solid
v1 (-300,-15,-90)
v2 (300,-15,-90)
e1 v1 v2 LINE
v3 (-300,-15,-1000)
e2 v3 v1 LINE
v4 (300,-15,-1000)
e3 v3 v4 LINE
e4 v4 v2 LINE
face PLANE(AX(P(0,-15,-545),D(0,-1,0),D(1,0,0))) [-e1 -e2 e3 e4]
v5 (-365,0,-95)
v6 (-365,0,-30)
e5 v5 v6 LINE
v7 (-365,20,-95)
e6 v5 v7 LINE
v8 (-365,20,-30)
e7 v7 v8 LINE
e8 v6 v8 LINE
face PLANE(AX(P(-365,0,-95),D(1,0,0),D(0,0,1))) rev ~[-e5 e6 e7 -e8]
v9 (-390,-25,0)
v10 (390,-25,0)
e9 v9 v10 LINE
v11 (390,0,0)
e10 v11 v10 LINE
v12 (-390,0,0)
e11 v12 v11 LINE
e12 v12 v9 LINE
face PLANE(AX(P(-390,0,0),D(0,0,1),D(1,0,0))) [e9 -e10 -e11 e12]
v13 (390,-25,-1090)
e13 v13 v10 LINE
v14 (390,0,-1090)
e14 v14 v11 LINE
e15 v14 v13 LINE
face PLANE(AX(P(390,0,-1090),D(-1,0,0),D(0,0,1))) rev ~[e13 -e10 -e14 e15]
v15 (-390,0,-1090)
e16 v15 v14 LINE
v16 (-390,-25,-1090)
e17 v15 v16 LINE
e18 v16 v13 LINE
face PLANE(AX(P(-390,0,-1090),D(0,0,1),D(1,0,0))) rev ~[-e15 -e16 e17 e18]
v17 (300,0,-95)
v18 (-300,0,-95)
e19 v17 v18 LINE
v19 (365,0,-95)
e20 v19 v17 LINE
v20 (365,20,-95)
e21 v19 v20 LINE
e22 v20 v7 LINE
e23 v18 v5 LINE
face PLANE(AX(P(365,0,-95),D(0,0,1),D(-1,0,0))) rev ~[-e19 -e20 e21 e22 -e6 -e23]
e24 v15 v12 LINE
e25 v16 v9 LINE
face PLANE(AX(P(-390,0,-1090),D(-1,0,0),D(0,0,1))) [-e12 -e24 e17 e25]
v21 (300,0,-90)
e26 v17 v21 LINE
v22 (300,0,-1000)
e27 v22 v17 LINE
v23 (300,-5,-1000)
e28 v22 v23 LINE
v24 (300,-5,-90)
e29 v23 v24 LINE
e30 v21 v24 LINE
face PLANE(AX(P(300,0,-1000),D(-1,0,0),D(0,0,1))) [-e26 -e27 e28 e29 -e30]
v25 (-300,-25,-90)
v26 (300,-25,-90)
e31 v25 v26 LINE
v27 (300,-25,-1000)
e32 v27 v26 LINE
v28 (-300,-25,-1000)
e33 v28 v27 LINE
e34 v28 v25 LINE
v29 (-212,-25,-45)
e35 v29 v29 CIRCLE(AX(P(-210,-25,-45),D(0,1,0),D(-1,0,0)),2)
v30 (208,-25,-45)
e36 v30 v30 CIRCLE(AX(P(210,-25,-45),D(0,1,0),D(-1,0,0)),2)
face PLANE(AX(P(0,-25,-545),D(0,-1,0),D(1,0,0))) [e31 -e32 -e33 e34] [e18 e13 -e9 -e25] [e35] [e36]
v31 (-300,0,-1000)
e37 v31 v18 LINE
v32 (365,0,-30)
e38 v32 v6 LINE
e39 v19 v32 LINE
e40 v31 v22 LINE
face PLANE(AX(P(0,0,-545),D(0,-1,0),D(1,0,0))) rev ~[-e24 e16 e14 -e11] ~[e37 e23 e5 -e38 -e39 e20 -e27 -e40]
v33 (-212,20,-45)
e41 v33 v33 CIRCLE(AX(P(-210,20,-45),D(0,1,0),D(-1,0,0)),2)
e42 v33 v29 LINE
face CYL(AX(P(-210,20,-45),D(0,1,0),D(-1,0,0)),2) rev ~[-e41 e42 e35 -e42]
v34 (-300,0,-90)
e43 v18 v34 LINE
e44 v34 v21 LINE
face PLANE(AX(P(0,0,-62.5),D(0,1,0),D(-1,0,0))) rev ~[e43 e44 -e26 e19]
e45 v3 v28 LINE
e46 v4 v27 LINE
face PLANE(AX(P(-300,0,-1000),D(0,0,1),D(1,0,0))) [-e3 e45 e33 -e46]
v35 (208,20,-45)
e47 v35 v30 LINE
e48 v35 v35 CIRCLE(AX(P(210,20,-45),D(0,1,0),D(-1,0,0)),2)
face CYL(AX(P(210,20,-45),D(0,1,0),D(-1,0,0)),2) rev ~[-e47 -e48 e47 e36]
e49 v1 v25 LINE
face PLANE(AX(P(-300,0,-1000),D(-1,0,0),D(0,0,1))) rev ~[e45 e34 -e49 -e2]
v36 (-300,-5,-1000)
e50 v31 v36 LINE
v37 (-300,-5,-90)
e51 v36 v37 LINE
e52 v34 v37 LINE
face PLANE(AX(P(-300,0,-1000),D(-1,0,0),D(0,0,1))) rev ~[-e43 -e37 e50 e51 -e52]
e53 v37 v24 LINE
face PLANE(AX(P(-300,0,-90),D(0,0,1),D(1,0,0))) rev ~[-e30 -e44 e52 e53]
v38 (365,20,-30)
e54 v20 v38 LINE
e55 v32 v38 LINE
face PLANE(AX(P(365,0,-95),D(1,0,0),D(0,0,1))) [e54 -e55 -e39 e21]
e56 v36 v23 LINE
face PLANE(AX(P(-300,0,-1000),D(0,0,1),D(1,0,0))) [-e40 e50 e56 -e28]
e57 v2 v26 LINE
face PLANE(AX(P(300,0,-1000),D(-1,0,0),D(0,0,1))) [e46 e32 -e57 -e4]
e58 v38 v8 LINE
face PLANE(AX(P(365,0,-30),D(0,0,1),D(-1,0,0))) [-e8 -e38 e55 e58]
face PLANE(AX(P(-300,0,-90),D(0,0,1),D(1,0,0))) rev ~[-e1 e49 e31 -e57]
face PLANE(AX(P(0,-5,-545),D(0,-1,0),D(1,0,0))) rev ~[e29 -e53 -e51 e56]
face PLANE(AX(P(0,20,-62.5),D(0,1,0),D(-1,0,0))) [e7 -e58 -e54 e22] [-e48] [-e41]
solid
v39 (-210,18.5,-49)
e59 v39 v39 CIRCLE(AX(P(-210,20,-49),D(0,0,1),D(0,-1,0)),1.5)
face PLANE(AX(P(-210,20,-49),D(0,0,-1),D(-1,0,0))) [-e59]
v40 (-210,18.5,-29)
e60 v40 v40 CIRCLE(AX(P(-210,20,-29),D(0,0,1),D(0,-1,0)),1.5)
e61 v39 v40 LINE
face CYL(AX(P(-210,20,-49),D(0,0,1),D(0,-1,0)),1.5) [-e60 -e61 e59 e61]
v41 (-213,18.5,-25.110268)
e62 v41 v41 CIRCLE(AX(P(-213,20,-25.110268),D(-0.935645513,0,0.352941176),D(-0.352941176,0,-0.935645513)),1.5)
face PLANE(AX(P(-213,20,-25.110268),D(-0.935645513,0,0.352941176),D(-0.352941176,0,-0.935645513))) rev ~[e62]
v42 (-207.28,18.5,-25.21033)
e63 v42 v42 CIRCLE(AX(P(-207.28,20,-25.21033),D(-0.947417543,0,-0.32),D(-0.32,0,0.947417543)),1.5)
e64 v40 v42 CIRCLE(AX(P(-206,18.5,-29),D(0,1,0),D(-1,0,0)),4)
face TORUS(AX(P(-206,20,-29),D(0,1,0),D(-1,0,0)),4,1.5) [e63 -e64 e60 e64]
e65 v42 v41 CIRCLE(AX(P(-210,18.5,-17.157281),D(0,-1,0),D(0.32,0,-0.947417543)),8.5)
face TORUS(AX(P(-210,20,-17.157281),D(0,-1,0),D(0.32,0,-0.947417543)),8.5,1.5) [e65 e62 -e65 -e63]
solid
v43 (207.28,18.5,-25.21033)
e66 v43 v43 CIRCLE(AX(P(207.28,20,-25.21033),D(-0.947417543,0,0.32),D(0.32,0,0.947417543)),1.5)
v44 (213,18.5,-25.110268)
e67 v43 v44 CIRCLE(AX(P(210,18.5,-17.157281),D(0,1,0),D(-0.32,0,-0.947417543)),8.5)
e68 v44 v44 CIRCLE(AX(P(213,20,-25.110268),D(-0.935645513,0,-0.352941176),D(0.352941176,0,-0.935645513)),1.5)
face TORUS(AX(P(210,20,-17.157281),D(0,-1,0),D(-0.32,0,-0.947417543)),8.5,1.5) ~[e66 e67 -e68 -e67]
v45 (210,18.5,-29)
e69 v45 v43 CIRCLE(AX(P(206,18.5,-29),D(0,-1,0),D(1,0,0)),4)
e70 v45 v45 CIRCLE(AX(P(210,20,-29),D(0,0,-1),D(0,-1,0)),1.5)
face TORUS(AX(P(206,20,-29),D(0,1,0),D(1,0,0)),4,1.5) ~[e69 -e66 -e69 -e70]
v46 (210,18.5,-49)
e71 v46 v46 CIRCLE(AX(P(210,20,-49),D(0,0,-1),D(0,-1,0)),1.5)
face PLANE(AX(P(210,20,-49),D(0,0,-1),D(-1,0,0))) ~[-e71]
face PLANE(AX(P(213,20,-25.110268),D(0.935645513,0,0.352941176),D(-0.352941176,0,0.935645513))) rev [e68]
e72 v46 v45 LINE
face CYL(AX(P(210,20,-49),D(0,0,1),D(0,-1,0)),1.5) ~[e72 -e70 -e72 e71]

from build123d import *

# Parameters (mm, degrees)
F0_W     = 780
F0_H     = 1090
F0_W_2   = 600
F0_H_2   = 910
F1_DEPTH = 25
F3_W     = 600
F3_H     = 910
F4_DEPTH = 10
F5_W     = 730
F5_H     = 65
F6_DEPTH = 20
F7_R     = 2
F8_DEPTH = 45
F12_R    = 1.5


with BuildPart() as f1:
    # F0 (on Front) → F1 (new body)
    with BuildSketch(Plane.XZ):
        with Locations((0, -545)):
            Rectangle(F0_W, F0_H)
        with Locations((0, -545)):
            Rectangle(F0_W_2, F0_H_2, mode=Mode.SUBTRACT)
    extrude(amount=F1_DEPTH)

    # F3 (on offset) → F4 (join)
    with BuildSketch(Plane.XZ.offset(5)):
        with Locations((0, -545)):
            Rectangle(F3_W, F3_H)
    extrude(amount=F4_DEPTH)

    # F5 (on face) → F6 (join)
    with BuildSketch(Plane(origin=(0, 0, 0), x_dir=(-1, 0, 0), z_dir=(0, 1, 0))):
        with Locations((0, -62.5)):
            Rectangle(F5_W, F5_H)
    extrude(amount=F6_DEPTH)

    # F7 (on face) → F8 (cut, through all)
    with BuildSketch(Plane(origin=(0, 20, 0), x_dir=(-1, 0, 0), z_dir=(0, 1, 0))):
        with Locations((210, -45)):
            Circle(F7_R)
        with Locations((-210, -45)):
            Circle(F7_R)
    extrude(amount=-F8_DEPTH, mode=Mode.SUBTRACT)


with BuildPart() as f13:
    # F13: sweep along a path in F10
    with BuildLine(Plane(origin=(0, 20, 0), x_dir=(-1, 0, 0), z_dir=(0, 1, 0))) as f13_path:
        Line((210, -49), (210, -29))
        ThreePointArc((210, -29), (209.2496153619, -26.6676192421), (207.28, -25.2103298297))
        ThreePointArc((207.28, -25.2103298297), (209.8513288409, -8.6585810003), (213, -25.110267578))
    # F12 (on line) → F13 (sweep)
    with BuildSketch(Plane(origin=(-178.1750189022, 0, 67.2106047824), x_dir=(0, -1, 0), z_dir=(-0.935645513, 0, 0.3529411765))):
        with Locations((-20, -98.6707797772)):
            Circle(F12_R)
    sweep(path=f13_path.line)


with BuildPart() as f14_1:
    # F14: instance of F13
    add(f13.part.mirror(Plane.YZ))


solid = Compound([f1.part, f13.part, f14_1.part])
